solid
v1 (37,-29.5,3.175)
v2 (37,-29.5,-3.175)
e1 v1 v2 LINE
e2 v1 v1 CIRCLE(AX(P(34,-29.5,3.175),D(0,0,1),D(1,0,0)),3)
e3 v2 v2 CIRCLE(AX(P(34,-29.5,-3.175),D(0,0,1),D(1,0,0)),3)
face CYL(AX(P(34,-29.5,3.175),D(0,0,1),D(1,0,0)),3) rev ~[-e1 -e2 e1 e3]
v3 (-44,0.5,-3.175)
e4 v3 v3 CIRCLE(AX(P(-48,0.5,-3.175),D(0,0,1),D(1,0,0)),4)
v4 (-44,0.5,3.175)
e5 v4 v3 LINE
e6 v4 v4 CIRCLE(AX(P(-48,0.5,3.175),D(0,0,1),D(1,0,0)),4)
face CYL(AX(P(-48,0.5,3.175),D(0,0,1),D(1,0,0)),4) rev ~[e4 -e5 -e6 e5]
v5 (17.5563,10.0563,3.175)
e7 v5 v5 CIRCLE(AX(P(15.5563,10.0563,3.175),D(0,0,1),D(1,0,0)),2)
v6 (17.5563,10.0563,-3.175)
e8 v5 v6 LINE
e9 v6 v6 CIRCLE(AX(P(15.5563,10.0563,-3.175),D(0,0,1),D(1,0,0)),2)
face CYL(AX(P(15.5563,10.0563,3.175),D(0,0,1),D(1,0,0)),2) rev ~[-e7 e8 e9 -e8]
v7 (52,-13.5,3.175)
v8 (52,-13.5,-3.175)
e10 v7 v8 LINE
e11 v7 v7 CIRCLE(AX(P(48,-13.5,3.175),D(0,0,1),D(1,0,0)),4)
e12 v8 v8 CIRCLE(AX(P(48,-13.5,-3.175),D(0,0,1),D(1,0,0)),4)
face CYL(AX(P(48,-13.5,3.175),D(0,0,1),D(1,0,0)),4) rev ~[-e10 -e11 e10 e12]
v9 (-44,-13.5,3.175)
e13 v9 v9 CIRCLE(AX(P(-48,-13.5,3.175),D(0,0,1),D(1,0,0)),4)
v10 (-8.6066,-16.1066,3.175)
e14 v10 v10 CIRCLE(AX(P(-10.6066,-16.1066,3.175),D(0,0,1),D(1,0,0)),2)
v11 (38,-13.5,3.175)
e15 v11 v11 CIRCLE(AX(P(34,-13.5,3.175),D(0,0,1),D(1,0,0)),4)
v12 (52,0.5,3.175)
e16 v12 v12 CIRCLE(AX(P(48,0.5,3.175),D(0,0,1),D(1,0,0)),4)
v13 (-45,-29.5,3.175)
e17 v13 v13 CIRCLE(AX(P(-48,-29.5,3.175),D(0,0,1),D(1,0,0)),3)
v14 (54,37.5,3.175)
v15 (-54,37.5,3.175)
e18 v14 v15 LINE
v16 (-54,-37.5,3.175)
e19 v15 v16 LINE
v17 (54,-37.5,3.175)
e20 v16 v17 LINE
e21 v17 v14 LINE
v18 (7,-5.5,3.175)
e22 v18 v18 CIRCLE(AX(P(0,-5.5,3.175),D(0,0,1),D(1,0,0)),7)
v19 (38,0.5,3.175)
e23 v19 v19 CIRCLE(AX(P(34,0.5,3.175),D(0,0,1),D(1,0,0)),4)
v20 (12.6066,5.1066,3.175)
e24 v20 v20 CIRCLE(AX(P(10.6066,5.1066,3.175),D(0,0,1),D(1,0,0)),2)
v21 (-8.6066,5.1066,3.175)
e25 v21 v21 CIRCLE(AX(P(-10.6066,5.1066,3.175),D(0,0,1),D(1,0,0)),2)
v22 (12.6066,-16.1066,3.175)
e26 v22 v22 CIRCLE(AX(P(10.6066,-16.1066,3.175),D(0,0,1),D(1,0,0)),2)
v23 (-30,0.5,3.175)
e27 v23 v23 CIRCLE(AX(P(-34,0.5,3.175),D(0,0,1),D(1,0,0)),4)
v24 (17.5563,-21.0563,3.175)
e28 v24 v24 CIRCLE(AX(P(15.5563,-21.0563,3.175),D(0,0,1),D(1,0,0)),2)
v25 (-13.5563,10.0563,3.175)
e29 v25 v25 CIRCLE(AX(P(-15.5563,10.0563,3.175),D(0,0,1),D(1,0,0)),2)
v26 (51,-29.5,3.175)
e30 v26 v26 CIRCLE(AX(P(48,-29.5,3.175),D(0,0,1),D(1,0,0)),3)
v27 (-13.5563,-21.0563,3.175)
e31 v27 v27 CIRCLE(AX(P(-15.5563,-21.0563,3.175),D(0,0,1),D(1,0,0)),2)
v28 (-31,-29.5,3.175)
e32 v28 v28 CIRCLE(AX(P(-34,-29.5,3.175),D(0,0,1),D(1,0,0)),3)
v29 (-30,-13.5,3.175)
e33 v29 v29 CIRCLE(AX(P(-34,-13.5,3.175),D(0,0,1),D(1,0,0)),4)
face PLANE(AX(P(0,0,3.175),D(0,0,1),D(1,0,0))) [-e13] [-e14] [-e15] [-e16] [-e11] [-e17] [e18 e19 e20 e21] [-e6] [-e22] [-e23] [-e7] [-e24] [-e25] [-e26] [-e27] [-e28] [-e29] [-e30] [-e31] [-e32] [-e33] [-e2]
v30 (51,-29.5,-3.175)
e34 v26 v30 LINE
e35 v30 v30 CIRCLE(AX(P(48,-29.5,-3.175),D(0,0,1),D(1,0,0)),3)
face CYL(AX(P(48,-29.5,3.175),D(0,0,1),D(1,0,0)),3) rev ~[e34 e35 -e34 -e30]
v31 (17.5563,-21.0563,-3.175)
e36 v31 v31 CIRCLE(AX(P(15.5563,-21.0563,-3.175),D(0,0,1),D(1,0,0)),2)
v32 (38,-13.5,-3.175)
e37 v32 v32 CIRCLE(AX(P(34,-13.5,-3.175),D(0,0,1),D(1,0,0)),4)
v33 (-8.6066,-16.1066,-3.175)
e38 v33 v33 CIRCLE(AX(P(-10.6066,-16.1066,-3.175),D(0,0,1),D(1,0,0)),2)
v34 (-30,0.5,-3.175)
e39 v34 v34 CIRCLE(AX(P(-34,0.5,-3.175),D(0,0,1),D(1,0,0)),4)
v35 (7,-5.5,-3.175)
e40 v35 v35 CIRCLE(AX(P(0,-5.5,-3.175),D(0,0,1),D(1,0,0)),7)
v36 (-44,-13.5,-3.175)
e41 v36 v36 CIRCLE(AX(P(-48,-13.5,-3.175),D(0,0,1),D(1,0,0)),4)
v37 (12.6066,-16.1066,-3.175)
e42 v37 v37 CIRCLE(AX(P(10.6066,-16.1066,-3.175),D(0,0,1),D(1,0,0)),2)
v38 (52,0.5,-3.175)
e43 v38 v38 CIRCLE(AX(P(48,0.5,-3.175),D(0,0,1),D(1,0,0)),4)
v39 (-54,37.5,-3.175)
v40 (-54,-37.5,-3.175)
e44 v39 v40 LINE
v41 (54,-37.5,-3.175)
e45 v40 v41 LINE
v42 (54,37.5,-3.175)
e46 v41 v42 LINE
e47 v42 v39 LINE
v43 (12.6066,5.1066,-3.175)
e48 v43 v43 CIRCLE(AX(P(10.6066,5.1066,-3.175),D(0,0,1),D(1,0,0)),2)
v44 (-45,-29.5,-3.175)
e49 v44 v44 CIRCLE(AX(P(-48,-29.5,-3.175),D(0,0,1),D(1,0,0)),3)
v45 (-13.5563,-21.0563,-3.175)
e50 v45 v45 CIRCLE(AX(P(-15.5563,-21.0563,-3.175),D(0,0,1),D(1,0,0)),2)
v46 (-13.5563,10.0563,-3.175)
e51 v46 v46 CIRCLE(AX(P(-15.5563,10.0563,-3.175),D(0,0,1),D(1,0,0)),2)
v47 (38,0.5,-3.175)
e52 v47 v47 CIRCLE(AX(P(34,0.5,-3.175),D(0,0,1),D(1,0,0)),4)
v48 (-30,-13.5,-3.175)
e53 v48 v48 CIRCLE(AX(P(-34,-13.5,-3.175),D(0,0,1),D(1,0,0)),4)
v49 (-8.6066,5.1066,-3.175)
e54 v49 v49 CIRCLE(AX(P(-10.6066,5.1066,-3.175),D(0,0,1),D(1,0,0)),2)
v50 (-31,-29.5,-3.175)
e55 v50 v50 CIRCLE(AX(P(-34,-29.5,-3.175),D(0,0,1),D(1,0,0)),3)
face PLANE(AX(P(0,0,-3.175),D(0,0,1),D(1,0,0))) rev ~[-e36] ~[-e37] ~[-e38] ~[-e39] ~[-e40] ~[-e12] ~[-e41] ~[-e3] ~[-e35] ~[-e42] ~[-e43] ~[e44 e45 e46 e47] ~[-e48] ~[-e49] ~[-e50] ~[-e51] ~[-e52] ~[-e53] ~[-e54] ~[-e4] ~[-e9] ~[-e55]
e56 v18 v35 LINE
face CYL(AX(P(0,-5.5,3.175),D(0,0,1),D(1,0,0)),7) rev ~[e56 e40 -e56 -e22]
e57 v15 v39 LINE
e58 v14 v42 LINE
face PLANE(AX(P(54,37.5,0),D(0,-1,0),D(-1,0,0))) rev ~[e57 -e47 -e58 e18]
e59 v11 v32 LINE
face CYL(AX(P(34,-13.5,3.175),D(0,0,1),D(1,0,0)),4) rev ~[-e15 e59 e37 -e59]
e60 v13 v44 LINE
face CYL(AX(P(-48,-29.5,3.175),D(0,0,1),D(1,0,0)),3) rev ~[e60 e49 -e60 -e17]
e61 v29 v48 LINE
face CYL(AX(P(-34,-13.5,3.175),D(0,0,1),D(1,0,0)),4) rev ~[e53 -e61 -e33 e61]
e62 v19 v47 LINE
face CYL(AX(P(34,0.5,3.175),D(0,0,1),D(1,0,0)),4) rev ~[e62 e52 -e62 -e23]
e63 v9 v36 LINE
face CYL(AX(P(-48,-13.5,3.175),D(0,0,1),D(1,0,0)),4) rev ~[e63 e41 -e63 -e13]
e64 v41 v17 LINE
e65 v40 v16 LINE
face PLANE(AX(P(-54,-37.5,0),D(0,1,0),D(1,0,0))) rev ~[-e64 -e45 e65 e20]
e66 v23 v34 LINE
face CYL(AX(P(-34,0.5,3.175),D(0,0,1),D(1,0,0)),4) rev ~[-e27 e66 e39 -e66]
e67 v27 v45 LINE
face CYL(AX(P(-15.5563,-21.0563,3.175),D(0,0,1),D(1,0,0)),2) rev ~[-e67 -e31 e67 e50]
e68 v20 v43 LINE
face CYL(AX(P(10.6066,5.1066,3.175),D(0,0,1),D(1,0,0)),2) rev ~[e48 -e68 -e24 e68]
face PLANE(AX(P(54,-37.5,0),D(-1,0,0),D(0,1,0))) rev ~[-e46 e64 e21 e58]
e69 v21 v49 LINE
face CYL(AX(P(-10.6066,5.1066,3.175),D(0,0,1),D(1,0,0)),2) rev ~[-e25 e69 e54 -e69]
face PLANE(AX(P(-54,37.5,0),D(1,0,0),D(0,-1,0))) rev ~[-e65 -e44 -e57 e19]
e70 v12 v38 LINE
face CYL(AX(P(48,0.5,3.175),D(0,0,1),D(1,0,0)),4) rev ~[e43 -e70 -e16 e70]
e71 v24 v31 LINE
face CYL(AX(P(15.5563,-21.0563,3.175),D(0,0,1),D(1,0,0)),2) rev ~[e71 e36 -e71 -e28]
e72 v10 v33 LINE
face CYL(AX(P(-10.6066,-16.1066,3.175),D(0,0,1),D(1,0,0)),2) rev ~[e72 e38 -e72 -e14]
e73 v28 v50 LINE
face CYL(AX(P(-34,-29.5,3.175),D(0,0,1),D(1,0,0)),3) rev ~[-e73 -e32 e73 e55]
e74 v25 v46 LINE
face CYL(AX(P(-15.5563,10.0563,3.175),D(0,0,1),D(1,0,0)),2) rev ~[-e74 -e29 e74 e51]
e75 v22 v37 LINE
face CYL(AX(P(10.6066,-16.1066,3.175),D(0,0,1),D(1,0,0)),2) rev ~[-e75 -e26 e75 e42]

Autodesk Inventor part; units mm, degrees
ref_plane "YZ Plane" through (0, 0, 0) normal (1, 0, 0) x (0, 1, 0)
ref_plane "XZ Plane" through (0, 0, 0) normal (0, 1, 0) x (-1, 0, 0)
ref_plane "XY Plane" through (0, 0, 0) normal (0, 0, 1) x (1, 0, 0)
sketch "Sketch1" plane through (0, 0, 0) normal (0, 0, 1) x (1, 0, 0)
  line L0 (-54, -37.5) -> (54, -37.5)
  line L1 (54, -37.5) -> (54, 37.5)
  line L2 (54, 37.5) -> (-54, 37.5)
  line L3 (-54, 37.5) -> (-54, -37.5)
  line L4 (-54, -37.5) -> (54, 37.5) construction
  line L5 (54, -37.5) -> (-54, 37.5) construction
  point P0 (0, 0)
  dimension "d0" = 108
  dimension "d1" = 75
extrude "Extrusion1" add sketch "Sketch1" along normal mid plane 6.35
sketch "Sketch3" plane through (0, 0, 3.175) normal (0, 0, 1) x (1, 0, 0)
  circle A0 centre (0, -5.5) radius 7
  line L0 (-54, -37.5) -> (54, -37.5) construction
  circle A1 centre (-10.6066, 5.1066) radius 2
  line L1 (0, -5.5) -> (-54, -5.5) construction
  line L2 (-54, -37.5) -> (-54, 37.5) construction
  line L3 (0, -5.5) -> (-10.6066, 5.1066) construction
  circle A2 centre (-10.6066, -16.1066) radius 2
  circle A3 centre (10.6066, -16.1066) radius 2
  circle A4 centre (10.6066, 5.1066) radius 2
  line L4 (0, -5.5) -> (-15.5563, 10.0563) construction
  circle A5 centre (-15.5563, 10.0563) radius 2
  circle A6 centre (-15.5563, -21.0563) radius 2
  circle A7 centre (15.5563, -21.0563) radius 2
  circle A8 centre (15.5563, 10.0563) radius 2
  circle A9 centre (-28.0623, -33.5623) radius 4.1
  point P0 (0, 0)
  point P1 (0, -37.5)
  dimension "d16" = 14
  dimension "d17" = 32
  dimension "d18" = 4
  dimension "d19" = 45
  dimension "d20" = 15
  dimension "d23" = 360
  dimension "d25" = 22
  dimension "d26" = 4
  dimension "d29" = 360
  dimension "d65" = 8.2
extrude "Extrusion3" cut sketch "Sketch3" against normal through all contours A0 | A1 | A2 | A3 | A4 | A5 | A6 | A7 | A8
sketch "Sketch5" plane through (0, 0, 3.175) normal (0, 0, 1) x (1, 0, 0)
  circle A0 centre (-48, -29.5) radius 3
  line L0 (-54, 37.5) -> (-54, -37.5) construction
  line L1 (-54, -37.5) -> (54, -37.5) construction
  circle A1 centre (-34, -29.5) radius 3
  circle A2 centre (-34, -13.5) radius 4
  circle A3 centre (-48, -13.5) radius 4
  circle A4 centre (-34, 0.5) radius 4
  circle A5 centre (-48, 0.5) radius 4
  line L2 (-54, 37.5) -> (54, 37.5) projected
  line L3 (0, 37.5) -> (0, -37.5) construction
  line L4 (54, -37.5) -> (-54, -37.5) construction
  circle A6 centre (48, -29.5) radius 3
  circle A7 centre (34, -29.5) radius 3
  circle A8 centre (34, -13.5) radius 4
  circle A9 centre (48, -13.5) radius 4
  circle A10 centre (34, 0.5) radius 4
  circle A11 centre (48, 0.5) radius 4
  point P0 (0, 0)
  dimension "d45" = 6
  dimension "d46" = 6
  dimension "d47" = 8
  dimension "d48" = 6
  dimension "d49" = 14
  dimension "d50" = 8
  dimension "d51" = 16
  dimension "d52" = 8
  dimension "d53" = 8
  dimension "d54" = 14
  dimension "d55" = 8
extrude "Extrusion5" cut sketch "Sketch5" against normal through all
properties part number "FirstStageMotorPlate"
